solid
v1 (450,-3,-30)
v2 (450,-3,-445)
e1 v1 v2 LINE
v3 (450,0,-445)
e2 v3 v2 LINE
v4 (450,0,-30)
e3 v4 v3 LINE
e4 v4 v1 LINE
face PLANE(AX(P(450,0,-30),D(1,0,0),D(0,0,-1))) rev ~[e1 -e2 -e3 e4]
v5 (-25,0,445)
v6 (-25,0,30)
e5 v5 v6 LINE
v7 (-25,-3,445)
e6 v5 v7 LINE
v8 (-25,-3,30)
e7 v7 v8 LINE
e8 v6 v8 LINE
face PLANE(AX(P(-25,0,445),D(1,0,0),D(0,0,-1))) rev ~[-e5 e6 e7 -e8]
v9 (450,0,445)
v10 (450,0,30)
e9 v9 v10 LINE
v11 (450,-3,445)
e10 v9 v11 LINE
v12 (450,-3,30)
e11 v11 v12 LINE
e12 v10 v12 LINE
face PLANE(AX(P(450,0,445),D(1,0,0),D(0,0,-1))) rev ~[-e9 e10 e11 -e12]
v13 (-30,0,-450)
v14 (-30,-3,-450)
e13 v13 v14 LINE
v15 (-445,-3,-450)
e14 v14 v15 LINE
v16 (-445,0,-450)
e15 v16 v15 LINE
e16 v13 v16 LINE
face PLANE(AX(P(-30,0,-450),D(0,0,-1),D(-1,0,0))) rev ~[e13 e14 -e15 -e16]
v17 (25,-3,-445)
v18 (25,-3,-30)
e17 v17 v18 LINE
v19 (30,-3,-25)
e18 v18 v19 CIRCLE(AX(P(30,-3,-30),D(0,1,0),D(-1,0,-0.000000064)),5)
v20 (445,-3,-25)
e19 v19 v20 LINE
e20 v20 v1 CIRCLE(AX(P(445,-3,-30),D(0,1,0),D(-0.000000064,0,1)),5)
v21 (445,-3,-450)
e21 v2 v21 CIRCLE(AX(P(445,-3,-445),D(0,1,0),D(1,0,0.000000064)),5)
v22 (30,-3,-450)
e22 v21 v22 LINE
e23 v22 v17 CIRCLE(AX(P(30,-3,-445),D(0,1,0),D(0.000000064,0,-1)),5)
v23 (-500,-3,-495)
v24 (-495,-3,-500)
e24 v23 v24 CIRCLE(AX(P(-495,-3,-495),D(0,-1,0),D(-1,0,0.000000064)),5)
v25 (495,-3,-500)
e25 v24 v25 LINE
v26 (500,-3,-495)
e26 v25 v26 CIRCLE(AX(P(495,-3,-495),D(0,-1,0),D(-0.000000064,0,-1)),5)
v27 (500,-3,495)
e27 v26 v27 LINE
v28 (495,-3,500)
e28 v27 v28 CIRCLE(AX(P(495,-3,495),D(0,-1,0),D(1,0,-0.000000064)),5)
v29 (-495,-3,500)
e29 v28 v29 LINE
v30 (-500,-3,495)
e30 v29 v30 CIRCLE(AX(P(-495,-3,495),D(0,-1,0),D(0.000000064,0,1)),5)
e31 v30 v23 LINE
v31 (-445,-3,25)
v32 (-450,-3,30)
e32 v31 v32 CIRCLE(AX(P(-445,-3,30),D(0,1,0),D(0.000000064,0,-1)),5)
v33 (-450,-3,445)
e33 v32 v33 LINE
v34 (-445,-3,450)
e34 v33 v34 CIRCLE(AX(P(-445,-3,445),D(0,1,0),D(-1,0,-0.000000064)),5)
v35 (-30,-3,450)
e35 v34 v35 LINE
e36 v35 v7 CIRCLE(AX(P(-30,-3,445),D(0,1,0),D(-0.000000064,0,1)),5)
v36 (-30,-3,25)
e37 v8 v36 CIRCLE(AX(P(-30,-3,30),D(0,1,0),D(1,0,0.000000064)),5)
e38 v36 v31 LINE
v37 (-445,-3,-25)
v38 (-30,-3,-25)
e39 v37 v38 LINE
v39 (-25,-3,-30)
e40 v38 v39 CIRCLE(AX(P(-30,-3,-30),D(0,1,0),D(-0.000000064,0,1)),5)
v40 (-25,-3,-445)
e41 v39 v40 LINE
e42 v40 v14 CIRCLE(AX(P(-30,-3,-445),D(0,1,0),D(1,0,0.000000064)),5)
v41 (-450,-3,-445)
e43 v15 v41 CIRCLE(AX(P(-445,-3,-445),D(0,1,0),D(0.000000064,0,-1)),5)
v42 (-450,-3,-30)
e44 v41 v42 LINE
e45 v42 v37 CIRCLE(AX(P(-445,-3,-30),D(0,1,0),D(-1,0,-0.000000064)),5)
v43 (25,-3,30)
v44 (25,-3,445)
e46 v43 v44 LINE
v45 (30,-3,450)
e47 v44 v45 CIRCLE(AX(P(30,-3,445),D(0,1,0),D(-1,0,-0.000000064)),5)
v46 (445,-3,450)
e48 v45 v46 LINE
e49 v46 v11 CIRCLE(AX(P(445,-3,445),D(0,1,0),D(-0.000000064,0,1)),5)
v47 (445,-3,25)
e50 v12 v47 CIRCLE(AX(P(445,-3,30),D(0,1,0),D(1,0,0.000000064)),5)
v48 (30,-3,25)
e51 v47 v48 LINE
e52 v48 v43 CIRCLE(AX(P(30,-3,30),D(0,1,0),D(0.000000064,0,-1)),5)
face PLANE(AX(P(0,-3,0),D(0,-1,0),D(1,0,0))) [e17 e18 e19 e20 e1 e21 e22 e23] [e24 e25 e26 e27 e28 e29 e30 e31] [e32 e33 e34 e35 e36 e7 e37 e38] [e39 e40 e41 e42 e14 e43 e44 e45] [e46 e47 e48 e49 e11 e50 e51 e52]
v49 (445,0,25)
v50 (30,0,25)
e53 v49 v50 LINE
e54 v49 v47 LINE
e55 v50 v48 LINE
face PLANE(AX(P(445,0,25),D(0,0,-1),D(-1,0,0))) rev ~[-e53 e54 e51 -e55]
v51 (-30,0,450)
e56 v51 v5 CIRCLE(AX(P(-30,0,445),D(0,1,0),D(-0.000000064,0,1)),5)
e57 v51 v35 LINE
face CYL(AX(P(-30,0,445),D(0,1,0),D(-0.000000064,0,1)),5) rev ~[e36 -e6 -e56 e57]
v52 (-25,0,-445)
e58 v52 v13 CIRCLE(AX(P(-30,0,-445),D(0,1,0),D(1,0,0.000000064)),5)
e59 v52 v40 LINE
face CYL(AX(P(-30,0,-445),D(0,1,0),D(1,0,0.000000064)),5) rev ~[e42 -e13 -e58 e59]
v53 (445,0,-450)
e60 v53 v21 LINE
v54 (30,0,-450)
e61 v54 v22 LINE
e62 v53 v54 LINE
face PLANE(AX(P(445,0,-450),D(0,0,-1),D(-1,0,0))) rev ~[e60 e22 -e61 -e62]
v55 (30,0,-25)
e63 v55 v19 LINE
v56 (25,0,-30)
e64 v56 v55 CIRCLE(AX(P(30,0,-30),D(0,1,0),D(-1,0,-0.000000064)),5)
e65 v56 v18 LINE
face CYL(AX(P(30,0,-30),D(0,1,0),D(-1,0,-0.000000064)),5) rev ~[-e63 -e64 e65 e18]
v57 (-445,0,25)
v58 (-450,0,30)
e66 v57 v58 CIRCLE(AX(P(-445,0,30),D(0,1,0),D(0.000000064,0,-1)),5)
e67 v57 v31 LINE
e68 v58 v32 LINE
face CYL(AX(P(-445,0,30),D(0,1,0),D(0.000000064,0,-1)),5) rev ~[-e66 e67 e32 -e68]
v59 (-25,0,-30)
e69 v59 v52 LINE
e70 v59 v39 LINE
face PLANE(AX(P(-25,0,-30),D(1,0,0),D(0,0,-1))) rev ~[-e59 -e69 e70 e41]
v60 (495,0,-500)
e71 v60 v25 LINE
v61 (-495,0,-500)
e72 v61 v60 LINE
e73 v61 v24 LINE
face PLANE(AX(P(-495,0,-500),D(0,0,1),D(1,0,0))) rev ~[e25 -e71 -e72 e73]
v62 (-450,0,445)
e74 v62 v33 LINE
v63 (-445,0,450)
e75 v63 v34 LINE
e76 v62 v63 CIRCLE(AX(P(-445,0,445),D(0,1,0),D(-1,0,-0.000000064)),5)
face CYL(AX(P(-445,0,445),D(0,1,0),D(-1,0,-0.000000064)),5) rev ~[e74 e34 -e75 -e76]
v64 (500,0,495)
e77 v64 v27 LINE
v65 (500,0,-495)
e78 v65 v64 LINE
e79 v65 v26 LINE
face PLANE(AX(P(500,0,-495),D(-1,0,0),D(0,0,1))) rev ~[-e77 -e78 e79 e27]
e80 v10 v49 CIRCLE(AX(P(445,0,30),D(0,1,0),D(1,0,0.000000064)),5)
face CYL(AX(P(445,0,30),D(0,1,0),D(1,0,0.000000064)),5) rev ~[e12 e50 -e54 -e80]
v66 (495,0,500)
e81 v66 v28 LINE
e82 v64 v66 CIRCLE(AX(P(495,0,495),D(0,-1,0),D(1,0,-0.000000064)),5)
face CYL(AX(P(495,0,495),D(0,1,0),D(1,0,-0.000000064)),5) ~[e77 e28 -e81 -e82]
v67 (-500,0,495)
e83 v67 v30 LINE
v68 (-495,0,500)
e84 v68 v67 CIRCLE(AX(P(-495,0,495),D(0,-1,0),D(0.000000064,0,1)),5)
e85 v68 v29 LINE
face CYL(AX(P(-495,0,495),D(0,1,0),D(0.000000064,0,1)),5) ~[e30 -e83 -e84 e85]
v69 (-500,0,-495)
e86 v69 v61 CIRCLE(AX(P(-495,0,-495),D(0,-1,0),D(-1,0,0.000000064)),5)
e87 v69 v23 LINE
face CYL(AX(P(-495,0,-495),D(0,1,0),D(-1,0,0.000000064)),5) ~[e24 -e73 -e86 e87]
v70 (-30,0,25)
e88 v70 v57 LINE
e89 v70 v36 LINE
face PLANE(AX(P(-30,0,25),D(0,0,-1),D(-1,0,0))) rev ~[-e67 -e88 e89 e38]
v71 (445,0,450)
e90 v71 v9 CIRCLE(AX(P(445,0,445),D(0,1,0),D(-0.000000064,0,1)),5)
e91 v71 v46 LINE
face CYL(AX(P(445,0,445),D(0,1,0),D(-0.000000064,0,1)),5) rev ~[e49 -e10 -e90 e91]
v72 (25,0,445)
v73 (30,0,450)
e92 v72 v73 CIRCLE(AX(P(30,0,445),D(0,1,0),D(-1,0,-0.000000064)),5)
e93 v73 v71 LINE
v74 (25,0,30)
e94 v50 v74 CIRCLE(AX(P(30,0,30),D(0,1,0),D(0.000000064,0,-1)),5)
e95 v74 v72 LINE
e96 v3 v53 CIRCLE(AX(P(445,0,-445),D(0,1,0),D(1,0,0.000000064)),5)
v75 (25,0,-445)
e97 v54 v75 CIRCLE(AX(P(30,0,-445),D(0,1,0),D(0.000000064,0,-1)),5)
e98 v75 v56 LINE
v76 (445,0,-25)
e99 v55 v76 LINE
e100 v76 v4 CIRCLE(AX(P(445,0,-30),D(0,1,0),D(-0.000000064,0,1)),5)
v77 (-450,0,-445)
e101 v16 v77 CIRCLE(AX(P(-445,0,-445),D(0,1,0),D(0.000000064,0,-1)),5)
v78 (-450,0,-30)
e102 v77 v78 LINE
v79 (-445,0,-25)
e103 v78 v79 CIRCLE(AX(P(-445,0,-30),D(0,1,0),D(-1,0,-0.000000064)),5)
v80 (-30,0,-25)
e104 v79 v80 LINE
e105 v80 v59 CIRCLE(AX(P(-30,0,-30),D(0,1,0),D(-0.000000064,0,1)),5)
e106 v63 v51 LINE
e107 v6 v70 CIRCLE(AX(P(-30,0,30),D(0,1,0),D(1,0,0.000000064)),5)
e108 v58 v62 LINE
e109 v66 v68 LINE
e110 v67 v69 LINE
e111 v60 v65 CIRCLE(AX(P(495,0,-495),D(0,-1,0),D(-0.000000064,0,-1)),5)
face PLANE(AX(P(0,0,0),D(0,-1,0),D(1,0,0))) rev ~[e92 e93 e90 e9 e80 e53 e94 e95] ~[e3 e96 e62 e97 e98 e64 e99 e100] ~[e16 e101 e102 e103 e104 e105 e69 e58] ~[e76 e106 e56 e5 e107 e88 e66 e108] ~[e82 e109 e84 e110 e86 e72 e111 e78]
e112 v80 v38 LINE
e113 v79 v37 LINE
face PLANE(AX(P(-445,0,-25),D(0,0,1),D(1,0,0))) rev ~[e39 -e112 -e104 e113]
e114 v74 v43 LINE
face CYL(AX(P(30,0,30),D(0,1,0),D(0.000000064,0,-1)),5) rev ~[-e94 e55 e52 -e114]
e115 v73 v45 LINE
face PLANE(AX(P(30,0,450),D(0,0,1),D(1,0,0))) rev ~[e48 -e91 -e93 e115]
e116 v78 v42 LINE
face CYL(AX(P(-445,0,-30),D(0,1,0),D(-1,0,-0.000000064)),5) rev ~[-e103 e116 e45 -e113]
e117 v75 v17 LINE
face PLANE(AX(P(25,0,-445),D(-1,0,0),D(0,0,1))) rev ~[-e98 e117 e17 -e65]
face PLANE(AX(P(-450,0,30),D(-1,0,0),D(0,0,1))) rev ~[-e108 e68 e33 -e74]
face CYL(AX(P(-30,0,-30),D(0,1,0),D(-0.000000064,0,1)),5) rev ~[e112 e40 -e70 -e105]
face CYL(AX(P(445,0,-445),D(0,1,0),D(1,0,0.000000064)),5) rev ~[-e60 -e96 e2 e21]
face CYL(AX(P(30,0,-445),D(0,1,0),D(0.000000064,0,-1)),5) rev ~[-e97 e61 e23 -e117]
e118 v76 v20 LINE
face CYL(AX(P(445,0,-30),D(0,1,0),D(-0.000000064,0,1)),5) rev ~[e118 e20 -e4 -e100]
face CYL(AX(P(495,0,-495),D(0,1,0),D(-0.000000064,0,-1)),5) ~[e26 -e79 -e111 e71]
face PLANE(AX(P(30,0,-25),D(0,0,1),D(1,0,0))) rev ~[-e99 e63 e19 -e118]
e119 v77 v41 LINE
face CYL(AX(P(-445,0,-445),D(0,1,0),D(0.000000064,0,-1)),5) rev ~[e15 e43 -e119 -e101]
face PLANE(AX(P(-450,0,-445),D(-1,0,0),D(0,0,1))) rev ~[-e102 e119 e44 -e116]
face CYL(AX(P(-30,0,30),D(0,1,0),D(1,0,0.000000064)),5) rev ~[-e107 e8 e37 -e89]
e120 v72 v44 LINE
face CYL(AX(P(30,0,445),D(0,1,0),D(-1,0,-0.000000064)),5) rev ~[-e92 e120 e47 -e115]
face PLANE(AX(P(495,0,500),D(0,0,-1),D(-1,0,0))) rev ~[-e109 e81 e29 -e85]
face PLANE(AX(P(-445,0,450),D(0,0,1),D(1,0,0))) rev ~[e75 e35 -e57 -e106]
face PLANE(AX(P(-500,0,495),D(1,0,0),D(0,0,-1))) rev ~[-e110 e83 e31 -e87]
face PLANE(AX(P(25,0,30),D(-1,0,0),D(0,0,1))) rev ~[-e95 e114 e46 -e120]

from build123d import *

# Parameters (mm, degrees)
F1_DEPTH = 3


with BuildPart() as f1:
    # F0 (on Front) → F1 (new body)
    with BuildSketch(Plane.XZ):
        with BuildLine():
            ThreePointArc((500, 495), (498.535534, 498.535534), (495, 500))
            Line((495, 500), (-495, 500))
            ThreePointArc((-495, 500), (-498.535534, 498.535534), (-500, 495))
            Line((-500, 495), (-500, -495))
            ThreePointArc((-500, -495), (-498.535534, -498.535534), (-495, -500))
            Line((-495, -500), (495, -500))
            ThreePointArc((495, -500), (498.535534, -498.535534), (500, -495))
            Line((500, -495), (500, 495))
        make_face()
        with BuildLine():
            ThreePointArc((-445, -450), (-448.535534, -448.535534), (-450, -445))
            Line((-450, -445), (-450, -30))
            ThreePointArc((-450, -30), (-448.535534, -26.464466), (-445, -25))
            Line((-445, -25), (-30, -25))
            ThreePointArc((-30, -25), (-26.464466, -26.464466), (-25, -30))
            Line((-25, -30), (-25, -445))
            ThreePointArc((-25, -445), (-26.464466, -448.535534), (-30, -450))
            Line((-30, -450), (-445, -450))
        make_face(mode=Mode.SUBTRACT)
        with BuildLine():
            ThreePointArc((30, -450), (26.464466, -448.535534), (25, -445))
            Line((25, -445), (25, -30))
            ThreePointArc((25, -30), (26.464466, -26.464466), (30, -25))
            Line((30, -25), (445, -25))
            ThreePointArc((445, -25), (448.535534, -26.464466), (450, -30))
            Line((450, -30), (450, -445))
            ThreePointArc((450, -445), (448.535534, -448.535534), (445, -450))
            Line((445, -450), (30, -450))
        make_face(mode=Mode.SUBTRACT)
        with BuildLine():
            ThreePointArc((-25, 30), (-26.464466, 26.464466), (-30, 25))
            Line((-30, 25), (-445, 25))
            ThreePointArc((-445, 25), (-448.535534, 26.464466), (-450, 30))
            Line((-450, 30), (-450, 445))
            ThreePointArc((-450, 445), (-448.535534, 448.535534), (-445, 450))
            Line((-445, 450), (-30, 450))
            ThreePointArc((-30, 450), (-26.464466, 448.535534), (-25, 445))
            Line((-25, 445), (-25, 30))
        make_face(mode=Mode.SUBTRACT)
        with BuildLine():
            ThreePointArc((30, 25), (26.464466, 26.464466), (25, 30))
            Line((25, 30), (25, 445))
            ThreePointArc((25, 445), (26.464466, 448.535534), (30, 450))
            Line((30, 450), (445, 450))
            ThreePointArc((445, 450), (448.535534, 448.535534), (450, 445))
            Line((450, 445), (450, 30))
            ThreePointArc((450, 30), (448.535534, 26.464466), (445, 25))
            Line((445, 25), (30, 25))
        make_face(mode=Mode.SUBTRACT)
    extrude(amount=F1_DEPTH)


solid = f1.part
